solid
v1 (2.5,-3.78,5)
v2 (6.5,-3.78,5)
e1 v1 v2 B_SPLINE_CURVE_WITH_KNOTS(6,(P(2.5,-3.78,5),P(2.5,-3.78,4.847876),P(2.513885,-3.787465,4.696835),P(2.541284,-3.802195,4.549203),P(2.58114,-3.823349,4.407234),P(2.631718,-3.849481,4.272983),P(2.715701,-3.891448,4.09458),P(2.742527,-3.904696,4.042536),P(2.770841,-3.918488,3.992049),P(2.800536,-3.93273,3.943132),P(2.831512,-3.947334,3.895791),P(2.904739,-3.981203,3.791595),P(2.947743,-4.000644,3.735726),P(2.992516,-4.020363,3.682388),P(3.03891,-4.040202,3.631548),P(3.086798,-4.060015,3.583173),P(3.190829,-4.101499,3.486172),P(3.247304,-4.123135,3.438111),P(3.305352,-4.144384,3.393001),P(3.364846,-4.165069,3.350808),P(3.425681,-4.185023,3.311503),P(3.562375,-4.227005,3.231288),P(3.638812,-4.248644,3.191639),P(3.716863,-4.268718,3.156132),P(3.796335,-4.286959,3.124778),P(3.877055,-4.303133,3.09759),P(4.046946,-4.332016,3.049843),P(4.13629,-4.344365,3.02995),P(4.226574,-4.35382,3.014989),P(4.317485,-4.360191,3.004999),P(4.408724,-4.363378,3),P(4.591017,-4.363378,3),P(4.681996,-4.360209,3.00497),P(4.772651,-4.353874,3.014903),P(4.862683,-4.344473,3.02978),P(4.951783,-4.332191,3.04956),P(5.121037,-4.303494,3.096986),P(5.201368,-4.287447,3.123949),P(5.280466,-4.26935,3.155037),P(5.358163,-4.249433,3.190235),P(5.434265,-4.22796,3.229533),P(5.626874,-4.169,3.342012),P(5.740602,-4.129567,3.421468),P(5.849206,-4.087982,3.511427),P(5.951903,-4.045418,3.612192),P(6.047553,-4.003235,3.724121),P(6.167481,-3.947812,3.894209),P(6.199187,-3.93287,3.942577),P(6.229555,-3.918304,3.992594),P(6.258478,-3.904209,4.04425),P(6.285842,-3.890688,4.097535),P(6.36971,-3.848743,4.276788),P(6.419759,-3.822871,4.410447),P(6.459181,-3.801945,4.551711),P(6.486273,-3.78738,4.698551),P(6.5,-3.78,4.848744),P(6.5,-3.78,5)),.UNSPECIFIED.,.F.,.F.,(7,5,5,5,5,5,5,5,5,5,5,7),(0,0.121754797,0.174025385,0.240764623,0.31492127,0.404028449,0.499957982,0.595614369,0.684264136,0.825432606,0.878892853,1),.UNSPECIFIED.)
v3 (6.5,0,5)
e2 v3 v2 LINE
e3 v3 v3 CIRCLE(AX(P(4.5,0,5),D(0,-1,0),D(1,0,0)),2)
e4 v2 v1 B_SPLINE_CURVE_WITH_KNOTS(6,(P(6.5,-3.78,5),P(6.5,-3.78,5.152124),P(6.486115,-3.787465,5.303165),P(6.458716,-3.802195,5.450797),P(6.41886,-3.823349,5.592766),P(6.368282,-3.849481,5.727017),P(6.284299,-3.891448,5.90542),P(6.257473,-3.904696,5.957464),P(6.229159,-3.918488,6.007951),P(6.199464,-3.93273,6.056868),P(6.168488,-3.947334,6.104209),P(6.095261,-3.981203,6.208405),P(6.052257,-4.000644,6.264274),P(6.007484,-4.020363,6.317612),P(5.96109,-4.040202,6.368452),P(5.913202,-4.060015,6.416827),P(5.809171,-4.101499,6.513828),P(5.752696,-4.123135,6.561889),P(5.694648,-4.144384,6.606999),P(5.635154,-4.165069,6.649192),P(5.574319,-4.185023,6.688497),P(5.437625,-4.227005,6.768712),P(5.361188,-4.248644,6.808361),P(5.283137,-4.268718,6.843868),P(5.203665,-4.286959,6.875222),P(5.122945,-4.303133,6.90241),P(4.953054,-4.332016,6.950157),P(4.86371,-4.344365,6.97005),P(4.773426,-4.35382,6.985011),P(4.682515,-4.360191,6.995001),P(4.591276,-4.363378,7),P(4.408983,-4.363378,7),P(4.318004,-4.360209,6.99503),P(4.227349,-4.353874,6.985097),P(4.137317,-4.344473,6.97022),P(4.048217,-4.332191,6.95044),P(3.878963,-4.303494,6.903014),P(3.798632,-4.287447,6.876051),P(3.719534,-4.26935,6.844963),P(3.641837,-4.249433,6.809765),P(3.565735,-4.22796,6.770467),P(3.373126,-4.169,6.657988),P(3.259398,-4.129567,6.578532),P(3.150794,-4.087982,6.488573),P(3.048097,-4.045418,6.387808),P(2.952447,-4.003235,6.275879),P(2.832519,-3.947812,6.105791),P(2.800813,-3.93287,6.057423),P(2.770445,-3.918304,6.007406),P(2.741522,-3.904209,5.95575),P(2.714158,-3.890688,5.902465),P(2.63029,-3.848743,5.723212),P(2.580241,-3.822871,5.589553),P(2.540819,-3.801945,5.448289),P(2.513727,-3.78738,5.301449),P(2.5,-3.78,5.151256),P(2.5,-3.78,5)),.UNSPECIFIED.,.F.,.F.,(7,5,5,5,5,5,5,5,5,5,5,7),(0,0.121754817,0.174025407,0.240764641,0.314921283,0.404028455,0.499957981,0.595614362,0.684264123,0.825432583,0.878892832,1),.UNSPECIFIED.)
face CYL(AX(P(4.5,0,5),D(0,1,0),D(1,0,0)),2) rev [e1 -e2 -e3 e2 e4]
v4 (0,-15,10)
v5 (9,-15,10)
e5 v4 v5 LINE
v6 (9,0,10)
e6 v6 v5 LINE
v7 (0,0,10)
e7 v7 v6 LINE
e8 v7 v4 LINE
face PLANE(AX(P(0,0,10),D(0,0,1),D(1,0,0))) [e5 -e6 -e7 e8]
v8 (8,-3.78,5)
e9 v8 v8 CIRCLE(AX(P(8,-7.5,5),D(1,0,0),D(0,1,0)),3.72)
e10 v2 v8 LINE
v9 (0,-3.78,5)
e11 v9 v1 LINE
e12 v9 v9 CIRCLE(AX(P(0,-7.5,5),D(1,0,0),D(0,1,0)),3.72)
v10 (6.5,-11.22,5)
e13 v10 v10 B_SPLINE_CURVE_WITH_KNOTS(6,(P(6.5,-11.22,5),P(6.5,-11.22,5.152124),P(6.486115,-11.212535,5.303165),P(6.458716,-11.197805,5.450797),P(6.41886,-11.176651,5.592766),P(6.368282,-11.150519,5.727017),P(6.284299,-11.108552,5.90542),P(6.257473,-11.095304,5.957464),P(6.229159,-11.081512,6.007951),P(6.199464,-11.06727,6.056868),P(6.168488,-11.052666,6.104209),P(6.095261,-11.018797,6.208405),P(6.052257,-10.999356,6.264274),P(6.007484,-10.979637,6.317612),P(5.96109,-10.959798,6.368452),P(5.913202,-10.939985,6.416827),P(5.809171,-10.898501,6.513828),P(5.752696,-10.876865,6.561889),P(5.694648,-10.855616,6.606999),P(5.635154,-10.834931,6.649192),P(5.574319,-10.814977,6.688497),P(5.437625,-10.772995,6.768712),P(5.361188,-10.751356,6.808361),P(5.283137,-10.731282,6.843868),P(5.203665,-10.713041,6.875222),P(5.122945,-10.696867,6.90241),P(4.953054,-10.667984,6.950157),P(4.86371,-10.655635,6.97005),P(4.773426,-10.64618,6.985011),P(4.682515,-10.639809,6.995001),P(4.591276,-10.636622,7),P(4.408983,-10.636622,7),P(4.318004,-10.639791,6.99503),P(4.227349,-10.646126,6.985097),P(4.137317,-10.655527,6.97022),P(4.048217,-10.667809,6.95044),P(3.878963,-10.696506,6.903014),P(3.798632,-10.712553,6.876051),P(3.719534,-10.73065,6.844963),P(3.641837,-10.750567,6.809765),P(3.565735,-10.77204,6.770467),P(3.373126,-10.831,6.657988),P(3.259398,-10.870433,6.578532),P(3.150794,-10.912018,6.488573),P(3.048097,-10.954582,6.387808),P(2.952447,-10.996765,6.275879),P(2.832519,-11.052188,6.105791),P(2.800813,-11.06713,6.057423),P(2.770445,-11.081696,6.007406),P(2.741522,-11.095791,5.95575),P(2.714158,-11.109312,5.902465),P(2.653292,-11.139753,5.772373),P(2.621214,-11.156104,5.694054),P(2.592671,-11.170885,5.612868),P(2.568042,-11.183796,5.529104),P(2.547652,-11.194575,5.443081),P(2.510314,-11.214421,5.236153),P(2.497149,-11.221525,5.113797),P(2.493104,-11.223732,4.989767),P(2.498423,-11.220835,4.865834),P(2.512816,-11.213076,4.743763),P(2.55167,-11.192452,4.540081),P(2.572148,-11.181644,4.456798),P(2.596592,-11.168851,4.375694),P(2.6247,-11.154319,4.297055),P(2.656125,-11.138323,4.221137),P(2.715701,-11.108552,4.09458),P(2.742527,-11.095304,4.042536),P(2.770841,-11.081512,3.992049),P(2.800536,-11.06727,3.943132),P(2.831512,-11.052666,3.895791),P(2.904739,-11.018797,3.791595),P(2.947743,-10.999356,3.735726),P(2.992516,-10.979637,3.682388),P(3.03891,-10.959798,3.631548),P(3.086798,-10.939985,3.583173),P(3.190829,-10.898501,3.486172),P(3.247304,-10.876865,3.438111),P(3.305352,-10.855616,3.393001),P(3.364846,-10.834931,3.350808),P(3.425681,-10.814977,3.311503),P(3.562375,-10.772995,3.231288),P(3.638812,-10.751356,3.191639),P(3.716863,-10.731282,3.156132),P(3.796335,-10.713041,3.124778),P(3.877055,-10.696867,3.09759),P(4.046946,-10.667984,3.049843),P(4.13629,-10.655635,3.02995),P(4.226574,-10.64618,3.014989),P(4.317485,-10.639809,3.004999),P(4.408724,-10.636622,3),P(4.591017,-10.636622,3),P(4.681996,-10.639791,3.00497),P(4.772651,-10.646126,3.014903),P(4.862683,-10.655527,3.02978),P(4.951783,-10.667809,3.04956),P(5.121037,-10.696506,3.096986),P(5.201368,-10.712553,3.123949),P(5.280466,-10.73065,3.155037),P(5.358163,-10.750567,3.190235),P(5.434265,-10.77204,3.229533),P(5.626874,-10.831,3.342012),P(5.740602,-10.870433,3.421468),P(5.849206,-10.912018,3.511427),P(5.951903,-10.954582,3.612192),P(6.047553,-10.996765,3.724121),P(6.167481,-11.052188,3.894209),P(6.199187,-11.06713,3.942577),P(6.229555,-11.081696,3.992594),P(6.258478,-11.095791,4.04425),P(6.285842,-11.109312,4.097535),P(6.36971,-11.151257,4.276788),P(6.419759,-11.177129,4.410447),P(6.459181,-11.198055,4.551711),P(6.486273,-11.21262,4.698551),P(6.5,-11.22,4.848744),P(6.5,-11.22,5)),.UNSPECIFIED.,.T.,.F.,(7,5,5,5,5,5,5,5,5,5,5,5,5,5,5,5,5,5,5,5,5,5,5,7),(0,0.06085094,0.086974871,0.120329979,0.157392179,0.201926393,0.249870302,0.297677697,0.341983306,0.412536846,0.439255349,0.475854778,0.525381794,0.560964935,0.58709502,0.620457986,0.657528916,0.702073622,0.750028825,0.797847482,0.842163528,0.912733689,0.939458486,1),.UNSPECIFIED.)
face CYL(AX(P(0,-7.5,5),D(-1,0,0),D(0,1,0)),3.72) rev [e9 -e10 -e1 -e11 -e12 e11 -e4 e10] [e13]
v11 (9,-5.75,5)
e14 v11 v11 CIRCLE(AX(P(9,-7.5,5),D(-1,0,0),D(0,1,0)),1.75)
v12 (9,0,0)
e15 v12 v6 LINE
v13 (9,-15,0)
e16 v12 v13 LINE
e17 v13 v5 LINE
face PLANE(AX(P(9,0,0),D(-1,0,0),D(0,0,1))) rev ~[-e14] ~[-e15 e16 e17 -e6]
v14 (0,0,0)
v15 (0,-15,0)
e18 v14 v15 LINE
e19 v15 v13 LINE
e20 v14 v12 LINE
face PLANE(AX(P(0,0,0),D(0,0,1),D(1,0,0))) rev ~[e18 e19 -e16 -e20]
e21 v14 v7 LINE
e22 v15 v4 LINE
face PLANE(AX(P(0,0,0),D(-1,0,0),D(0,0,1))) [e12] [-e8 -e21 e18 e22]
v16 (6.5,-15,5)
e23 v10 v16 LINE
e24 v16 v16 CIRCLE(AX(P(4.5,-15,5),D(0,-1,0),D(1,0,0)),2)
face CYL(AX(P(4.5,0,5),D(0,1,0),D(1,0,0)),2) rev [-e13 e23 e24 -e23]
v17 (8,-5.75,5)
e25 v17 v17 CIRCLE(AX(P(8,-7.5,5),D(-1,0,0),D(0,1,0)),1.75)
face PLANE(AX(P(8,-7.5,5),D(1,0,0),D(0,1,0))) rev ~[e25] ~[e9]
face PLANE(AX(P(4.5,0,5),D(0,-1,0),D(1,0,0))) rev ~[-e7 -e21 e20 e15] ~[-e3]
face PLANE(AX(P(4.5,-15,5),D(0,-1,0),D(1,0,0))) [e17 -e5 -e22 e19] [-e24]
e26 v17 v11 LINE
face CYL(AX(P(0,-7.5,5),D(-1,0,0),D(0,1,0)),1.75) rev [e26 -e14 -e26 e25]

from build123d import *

# Parameters (mm, degrees)
SKETCH014_W     = 9
SKETCH014_H     = 10
SKETCH014_R     = 2
PAD009_DEPTH    = 15
SKETCH015_R     = 1.75
POCKET002_DEPTH = 9.001
SKETCH016_R     = 3.72
POCKET003_DEPTH = 8


with BuildPart() as part:
    # Sketch014 → Pad009 (new body)
    with BuildSketch(Plane.XZ):
        with Locations((4.5, 5)):
            Rectangle(SKETCH014_W, SKETCH014_H)
        with Locations((4.5, 5)):
            Circle(SKETCH014_R, mode=Mode.SUBTRACT)
    extrude(amount=PAD009_DEPTH)

    # Sketch015 → Pocket002 (cut, through all)
    with BuildSketch(Plane.YZ):
        with Locations((-7.5, 5)):
            Circle(SKETCH015_R)
    extrude(amount=POCKET002_DEPTH, mode=Mode.SUBTRACT)

    # Sketch016 → Pocket003 (cut)
    with BuildSketch(Plane.YZ):
        with Locations((-7.5, 5)):
            Circle(SKETCH016_R)
    extrude(amount=POCKET003_DEPTH, mode=Mode.SUBTRACT)


solid = part.part
